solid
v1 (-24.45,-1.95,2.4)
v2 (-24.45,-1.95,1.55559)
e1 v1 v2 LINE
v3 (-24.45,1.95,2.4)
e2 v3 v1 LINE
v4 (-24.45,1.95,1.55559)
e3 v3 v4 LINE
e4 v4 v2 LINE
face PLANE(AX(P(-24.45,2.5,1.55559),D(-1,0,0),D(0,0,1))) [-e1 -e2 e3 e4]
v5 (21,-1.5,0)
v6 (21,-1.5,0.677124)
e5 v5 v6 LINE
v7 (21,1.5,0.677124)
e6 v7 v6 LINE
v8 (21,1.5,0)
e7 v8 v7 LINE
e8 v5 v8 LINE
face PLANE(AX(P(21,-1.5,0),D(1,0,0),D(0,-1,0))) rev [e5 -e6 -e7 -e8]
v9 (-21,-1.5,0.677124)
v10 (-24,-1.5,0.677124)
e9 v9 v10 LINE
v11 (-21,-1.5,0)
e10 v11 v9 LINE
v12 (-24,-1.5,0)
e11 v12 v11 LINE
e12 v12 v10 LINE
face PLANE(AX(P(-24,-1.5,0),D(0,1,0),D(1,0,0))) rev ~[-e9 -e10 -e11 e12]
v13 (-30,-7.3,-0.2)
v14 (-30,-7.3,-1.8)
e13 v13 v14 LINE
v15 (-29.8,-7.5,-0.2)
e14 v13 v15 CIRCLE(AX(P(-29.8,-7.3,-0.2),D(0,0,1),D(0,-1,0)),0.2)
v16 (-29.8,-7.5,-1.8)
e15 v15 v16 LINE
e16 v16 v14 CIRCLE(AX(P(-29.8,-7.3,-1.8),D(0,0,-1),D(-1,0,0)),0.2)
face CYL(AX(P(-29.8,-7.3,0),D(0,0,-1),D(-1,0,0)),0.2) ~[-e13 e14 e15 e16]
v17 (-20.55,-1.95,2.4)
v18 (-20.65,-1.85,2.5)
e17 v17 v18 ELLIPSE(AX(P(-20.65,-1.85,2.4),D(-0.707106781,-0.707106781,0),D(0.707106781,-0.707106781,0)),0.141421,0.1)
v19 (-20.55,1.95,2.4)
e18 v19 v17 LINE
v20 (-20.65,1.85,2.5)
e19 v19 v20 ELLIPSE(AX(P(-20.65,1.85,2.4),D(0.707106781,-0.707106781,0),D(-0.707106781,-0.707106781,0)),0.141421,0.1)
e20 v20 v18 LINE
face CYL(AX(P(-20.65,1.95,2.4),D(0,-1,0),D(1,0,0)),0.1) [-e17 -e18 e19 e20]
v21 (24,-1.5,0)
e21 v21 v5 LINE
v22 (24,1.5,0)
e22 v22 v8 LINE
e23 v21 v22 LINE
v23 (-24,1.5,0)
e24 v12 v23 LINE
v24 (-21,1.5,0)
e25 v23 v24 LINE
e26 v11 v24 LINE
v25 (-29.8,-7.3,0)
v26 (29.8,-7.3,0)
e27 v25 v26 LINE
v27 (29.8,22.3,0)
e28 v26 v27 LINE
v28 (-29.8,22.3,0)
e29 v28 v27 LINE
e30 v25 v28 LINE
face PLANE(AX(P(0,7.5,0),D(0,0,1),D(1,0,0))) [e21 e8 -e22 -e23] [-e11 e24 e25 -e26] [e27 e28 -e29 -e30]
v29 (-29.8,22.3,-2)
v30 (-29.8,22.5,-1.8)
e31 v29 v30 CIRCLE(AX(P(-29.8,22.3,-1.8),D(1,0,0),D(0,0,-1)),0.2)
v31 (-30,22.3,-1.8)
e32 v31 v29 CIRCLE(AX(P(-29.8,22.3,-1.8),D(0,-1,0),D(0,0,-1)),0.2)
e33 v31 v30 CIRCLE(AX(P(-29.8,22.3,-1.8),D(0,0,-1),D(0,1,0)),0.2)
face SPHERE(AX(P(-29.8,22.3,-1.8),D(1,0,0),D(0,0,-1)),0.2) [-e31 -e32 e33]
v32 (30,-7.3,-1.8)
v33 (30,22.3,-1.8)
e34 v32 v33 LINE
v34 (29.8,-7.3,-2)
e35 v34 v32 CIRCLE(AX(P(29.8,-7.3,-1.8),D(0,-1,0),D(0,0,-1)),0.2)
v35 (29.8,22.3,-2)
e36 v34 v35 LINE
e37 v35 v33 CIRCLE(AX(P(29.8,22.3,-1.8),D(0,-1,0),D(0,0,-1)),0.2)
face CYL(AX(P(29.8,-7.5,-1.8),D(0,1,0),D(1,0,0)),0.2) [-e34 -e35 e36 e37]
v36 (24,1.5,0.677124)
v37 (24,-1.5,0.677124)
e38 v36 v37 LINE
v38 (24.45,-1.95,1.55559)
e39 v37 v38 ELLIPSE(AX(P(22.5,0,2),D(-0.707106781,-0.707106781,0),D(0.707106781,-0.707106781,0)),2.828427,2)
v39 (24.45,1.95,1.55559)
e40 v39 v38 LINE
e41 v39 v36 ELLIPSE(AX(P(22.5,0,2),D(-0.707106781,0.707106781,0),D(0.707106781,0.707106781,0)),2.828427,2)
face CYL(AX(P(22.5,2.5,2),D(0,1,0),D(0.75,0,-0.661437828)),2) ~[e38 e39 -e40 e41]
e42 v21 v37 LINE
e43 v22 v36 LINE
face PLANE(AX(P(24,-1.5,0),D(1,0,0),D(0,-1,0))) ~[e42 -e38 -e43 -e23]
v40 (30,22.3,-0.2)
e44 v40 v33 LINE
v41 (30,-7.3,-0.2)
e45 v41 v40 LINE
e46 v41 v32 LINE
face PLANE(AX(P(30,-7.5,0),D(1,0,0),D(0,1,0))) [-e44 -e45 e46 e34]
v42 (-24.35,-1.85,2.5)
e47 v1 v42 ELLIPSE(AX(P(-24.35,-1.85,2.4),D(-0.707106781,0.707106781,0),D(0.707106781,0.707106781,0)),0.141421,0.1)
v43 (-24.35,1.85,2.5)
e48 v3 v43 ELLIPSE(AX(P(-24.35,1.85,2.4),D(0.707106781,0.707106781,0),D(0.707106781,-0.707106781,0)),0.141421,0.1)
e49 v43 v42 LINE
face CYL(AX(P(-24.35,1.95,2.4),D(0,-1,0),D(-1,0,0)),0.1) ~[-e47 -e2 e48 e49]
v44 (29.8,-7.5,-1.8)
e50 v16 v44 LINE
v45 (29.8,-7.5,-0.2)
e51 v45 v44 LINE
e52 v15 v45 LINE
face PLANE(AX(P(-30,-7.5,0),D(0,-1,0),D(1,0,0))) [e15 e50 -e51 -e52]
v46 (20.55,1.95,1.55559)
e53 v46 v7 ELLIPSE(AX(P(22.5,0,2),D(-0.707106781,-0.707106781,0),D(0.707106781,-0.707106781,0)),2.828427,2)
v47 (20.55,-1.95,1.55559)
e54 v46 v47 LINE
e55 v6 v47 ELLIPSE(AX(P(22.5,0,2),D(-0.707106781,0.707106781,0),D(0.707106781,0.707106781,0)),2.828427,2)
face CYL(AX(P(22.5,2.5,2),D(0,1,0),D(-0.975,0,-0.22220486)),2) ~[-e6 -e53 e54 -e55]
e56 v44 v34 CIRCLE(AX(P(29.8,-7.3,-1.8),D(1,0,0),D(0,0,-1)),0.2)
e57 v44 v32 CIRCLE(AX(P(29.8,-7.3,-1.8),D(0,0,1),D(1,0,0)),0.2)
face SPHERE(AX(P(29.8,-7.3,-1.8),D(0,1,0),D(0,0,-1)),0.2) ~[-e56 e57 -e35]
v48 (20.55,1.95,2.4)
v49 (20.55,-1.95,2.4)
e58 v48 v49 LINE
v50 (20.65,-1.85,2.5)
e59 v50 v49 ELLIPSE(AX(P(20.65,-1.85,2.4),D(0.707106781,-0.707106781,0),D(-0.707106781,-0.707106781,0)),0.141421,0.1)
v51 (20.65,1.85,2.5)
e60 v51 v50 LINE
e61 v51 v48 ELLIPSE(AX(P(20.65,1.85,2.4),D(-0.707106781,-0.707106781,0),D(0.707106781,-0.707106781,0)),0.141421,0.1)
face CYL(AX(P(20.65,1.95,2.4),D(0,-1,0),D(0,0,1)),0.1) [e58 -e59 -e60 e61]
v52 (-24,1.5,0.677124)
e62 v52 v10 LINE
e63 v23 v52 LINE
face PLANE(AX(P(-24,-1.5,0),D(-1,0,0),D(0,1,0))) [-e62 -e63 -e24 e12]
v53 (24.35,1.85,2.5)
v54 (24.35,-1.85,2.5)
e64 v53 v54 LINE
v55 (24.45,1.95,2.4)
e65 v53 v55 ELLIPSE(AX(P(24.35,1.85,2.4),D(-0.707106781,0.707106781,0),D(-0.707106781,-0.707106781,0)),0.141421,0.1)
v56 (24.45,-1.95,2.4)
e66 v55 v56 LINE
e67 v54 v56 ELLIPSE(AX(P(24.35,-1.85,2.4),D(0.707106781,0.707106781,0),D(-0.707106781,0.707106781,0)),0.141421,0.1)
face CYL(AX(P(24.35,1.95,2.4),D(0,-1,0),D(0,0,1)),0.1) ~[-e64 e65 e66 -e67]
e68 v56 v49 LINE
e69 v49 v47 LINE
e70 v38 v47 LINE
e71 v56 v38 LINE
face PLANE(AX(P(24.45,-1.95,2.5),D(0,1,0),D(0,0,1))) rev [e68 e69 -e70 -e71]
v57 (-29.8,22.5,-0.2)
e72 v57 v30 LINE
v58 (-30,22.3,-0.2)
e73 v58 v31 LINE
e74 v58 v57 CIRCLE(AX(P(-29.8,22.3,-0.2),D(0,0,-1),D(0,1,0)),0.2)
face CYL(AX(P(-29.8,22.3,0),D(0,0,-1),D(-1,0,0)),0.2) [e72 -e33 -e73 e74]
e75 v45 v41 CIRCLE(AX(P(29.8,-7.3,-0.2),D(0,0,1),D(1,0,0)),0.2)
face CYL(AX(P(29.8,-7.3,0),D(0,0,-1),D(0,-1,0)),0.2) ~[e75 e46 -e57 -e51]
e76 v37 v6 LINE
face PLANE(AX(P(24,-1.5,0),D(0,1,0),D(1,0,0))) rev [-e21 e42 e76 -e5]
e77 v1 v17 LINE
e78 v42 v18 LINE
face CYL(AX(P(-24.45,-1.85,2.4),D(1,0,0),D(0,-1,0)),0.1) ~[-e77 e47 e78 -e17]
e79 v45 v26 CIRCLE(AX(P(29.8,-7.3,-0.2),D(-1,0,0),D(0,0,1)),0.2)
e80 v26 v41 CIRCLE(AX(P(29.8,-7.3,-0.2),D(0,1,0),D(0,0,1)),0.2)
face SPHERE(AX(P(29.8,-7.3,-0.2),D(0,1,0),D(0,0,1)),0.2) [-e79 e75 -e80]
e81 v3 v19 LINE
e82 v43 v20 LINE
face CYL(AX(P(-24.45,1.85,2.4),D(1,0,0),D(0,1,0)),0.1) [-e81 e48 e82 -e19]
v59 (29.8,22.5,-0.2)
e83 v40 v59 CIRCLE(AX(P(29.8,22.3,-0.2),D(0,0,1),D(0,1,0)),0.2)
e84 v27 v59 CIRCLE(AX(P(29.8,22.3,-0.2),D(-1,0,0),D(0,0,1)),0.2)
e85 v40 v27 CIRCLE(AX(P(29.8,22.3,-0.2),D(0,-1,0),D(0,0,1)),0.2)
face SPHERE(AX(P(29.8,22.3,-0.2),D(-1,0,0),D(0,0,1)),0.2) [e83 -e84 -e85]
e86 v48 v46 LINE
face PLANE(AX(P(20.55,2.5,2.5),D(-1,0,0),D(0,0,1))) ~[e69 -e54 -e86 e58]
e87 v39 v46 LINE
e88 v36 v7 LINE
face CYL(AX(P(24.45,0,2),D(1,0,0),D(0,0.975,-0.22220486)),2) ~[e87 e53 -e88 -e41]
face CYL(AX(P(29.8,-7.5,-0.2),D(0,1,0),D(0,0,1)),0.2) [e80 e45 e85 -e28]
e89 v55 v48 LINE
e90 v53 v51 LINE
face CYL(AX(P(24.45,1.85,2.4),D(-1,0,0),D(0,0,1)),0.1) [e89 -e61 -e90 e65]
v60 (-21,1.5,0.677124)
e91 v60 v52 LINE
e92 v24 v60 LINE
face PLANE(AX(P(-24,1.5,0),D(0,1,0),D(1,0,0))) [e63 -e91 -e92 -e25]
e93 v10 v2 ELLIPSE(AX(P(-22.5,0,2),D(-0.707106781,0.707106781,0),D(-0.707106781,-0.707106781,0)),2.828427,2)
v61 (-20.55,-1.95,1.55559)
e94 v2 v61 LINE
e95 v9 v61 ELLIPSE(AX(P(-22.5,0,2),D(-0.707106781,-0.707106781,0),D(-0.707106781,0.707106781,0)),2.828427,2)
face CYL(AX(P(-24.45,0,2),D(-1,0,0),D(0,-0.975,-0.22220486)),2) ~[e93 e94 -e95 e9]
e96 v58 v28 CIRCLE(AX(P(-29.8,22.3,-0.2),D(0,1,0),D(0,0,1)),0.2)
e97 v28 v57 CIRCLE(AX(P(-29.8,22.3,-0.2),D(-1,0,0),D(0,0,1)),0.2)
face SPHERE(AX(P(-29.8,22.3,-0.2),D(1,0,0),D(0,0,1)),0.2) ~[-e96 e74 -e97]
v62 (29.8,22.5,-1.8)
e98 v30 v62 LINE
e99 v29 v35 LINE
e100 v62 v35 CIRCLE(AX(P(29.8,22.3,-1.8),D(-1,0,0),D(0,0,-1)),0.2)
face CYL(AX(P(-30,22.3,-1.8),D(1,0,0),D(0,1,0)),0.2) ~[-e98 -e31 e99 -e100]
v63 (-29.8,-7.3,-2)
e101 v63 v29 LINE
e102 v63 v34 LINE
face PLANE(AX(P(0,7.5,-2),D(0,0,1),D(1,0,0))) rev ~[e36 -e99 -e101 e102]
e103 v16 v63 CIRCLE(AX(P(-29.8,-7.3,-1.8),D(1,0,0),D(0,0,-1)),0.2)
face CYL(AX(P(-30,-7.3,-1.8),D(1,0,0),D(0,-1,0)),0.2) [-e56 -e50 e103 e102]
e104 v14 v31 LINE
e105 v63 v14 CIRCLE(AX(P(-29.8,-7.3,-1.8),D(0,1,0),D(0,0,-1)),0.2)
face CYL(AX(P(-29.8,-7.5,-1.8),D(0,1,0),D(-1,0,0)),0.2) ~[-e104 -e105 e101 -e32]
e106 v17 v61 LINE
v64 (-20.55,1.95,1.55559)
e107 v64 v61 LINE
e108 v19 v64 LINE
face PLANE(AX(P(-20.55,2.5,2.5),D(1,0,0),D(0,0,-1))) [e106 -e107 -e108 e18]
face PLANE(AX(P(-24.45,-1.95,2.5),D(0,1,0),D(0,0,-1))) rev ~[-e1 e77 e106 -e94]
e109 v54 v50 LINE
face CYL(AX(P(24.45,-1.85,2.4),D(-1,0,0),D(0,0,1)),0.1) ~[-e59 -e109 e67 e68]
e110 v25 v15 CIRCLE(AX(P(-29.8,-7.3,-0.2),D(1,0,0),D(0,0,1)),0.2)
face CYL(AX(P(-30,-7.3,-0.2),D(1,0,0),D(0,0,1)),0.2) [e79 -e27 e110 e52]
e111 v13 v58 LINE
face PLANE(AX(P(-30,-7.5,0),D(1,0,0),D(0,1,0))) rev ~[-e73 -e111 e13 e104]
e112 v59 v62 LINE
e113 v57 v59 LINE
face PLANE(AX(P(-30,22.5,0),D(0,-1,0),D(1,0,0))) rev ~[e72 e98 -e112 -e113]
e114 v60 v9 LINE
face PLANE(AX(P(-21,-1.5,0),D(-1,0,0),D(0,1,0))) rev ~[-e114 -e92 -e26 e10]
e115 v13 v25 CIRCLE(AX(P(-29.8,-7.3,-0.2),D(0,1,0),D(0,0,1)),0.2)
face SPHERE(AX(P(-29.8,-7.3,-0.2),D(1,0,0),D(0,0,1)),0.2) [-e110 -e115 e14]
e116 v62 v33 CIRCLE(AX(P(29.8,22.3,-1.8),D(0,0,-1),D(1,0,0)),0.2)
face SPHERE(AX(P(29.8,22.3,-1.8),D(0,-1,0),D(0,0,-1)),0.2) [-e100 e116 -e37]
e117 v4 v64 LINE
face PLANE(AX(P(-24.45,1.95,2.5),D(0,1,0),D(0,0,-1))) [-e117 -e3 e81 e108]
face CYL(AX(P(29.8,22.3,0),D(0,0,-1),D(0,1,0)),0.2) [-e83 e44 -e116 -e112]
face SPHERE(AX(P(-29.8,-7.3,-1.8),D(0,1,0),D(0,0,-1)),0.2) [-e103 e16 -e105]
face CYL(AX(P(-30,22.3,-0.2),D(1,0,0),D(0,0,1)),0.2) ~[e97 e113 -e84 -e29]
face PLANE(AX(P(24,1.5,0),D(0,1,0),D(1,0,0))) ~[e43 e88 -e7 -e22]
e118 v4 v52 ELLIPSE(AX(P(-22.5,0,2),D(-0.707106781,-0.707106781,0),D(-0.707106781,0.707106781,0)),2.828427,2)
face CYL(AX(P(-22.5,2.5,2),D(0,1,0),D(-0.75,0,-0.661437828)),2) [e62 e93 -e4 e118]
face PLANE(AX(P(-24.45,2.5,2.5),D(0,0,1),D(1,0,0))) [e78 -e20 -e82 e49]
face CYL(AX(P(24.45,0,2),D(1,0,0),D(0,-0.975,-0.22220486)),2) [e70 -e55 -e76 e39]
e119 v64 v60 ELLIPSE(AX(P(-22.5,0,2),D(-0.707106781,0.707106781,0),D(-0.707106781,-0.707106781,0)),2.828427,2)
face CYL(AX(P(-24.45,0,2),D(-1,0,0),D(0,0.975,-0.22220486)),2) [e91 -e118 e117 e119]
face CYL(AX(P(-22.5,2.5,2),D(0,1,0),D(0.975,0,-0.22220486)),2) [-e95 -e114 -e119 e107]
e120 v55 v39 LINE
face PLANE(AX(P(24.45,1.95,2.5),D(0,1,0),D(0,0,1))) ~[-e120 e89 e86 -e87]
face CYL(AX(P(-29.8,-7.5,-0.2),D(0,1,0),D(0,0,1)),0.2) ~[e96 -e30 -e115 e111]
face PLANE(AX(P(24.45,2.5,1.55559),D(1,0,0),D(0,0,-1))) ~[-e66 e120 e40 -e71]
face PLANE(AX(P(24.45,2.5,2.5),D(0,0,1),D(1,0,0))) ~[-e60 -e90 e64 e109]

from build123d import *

# Parameters (mm, degrees)
SKETCH_1_W          = 60
SKETCH_1_H          = 30
EXTRUDE_1_DEPTH     = 2
SKETCH_2_W          = 3
SKETCH_2_H          = 3
EXTRUDE_2_DEPTH     = 1
EXTRUDE_START       = -4
EXTRUDE_3_DEPTH     = 5
CUT_EXTRUDE_1_REACH = 60.969
FILLET_1_R          = 0.1
FILLET_2_R          = 0.2


with BuildPart() as part:
    # 草图1 → 凸台-拉伸1 (new body)
    with BuildSketch(Plane.XY):
        with Locations((0, 7.5)):
            Rectangle(SKETCH_1_W, SKETCH_1_H)
    extrude(amount=-EXTRUDE_1_DEPTH)

    # 草图2 → 凸台-拉伸2 (add)
    with BuildSketch(Plane.XY):
        with Locations((-22.5, 0)):
            Rectangle(SKETCH_2_W, SKETCH_2_H)
    extrude_2 = extrude(amount=EXTRUDE_2_DEPTH)

    # 草图3 → 凸台-拉伸3 (add)
    with BuildSketch(Plane.XZ.offset(1.5).offset(EXTRUDE_START)):
        with BuildLine():
            Line((-24.45, 2.5), (-20.55, 2.5))
            Line((-20.55, 2.5), (-20.55, 1.555590279))
            ThreePointArc((-20.55, 1.555590279), (-20.719957697, 1.088161527), (-21, 0.677124344))
            Line((-21, 0.677124344), (-24, 0.677124344))
            ThreePointArc((-24, 0.677124344), (-24.280042303, 1.088161527), (-24.45, 1.555590279))
            Line((-24.45, 1.555590279), (-24.45, 2.5))
        make_face()
    extrude_3 = extrude(amount=EXTRUDE_3_DEPTH)

    # 草图4 → 切除-拉伸1 (cut, up to next)
    with BuildSketch(Plane.ZY.offset(24.45), mode=Mode.PRIVATE) as cut_extrude_1_sk1:
        with BuildLine():
            Line((2.5, 1.95), (1.555590279, 1.95))
            ThreePointArc((1.555590279, 1.95), (1.088161527, 1.780042303), (0.677124344, 1.5))
            Line((0.677124344, 1.5), (0.677124344, 2.5))
            Line((0.677124344, 2.5), (2.5, 2.5))
            Line((2.5, 2.5), (2.5, 1.95))
        make_face()
    cut_extrude_1_tool1 = extrude(cut_extrude_1_sk1.sketch, amount=-CUT_EXTRUDE_1_REACH, mode=Mode.PRIVATE) & part.part
    # 草图4 → 切除-拉伸1 (cut, up to next)
    with BuildSketch(Plane.ZY.offset(24.45), mode=Mode.PRIVATE) as cut_extrude_1_sk2:
        with BuildLine():
            Line((0.677124344, -2.5), (2.5, -2.5))
            Line((2.5, -2.5), (2.5, -1.95))
            Line((2.5, -1.95), (1.555590279, -1.95))
            ThreePointArc((1.555590279, -1.95), (1.088161527, -1.780042303), (0.677124344, -1.5))
            Line((0.677124344, -1.5), (0.677124344, -2.5))
        make_face()
    cut_extrude_1_tool2 = extrude(cut_extrude_1_sk2.sketch, amount=-CUT_EXTRUDE_1_REACH, mode=Mode.PRIVATE) & part.part
    cut_extrude_1_1 = cut_extrude_1_tool1.solids().sort_by_distance((-24.45, 2.169375, 1.500125))[0]
    add(cut_extrude_1_1, mode=Mode.SUBTRACT)
    cut_extrude_1_2 = cut_extrude_1_tool2.solids().sort_by_distance((-24.45, -2.169375, 1.500125))[0]
    add(cut_extrude_1_2, mode=Mode.SUBTRACT)
    cut_extrude_1 = cut_extrude_1_1 + cut_extrude_1_2  # 切除-拉伸1 as one shape, for the pattern or mirror that repeats it

    # 镜向1: 凸台-拉伸2, 凸台-拉伸3, 切除-拉伸1 across plane
    add(extrude_2.mirror(Plane(origin=(0, 0, 0), x_dir=(0, 0, 1), z_dir=(1, 0, 0))))
    add(extrude_3.mirror(Plane(origin=(0, 0, 0), x_dir=(0, 0, 1), z_dir=(1, 0, 0))))
    add(cut_extrude_1.mirror(Plane(origin=(0, 0, 0), x_dir=(0, 0, 1), z_dir=(1, 0, 0))), mode=Mode.SUBTRACT)

    # 圆角1
    fillet_1_edges = [part.edges().sort_by_distance(p)[0] for p in [
        (22.5, -1.95, 2.5),
        (24.45, 0, 2.5),
        (20.55, 0, 2.5),
        (22.5, 1.95, 2.5),
        (-22.5, -1.95, 2.5),
        (-20.55, 0, 2.5),
        (-24.45, 0, 2.5),
        (-22.5, 1.95, 2.5),
    ]]
    fillet(fillet_1_edges, radius=FILLET_1_R)

    # 圆角2
    fillet_2_edges = [part.edges().sort_by_distance(p)[0] for p in [
        (30, 7.5, -2),
        (0, 22.5, -2),
        (-30, 7.5, -2),
        (0, 22.5, 0),
        (30, 7.5, 0),
        (0, -7.5, 0),
        (-30, 7.5, 0),
        (0, -7.5, -2),
        (-30, 22.5, -1),
        (30, 22.5, -1),
        (30, -7.5, -1),
        (-30, -7.5, -1),
    ]]
    fillet(fillet_2_edges, radius=FILLET_2_R)


solid = part.part
